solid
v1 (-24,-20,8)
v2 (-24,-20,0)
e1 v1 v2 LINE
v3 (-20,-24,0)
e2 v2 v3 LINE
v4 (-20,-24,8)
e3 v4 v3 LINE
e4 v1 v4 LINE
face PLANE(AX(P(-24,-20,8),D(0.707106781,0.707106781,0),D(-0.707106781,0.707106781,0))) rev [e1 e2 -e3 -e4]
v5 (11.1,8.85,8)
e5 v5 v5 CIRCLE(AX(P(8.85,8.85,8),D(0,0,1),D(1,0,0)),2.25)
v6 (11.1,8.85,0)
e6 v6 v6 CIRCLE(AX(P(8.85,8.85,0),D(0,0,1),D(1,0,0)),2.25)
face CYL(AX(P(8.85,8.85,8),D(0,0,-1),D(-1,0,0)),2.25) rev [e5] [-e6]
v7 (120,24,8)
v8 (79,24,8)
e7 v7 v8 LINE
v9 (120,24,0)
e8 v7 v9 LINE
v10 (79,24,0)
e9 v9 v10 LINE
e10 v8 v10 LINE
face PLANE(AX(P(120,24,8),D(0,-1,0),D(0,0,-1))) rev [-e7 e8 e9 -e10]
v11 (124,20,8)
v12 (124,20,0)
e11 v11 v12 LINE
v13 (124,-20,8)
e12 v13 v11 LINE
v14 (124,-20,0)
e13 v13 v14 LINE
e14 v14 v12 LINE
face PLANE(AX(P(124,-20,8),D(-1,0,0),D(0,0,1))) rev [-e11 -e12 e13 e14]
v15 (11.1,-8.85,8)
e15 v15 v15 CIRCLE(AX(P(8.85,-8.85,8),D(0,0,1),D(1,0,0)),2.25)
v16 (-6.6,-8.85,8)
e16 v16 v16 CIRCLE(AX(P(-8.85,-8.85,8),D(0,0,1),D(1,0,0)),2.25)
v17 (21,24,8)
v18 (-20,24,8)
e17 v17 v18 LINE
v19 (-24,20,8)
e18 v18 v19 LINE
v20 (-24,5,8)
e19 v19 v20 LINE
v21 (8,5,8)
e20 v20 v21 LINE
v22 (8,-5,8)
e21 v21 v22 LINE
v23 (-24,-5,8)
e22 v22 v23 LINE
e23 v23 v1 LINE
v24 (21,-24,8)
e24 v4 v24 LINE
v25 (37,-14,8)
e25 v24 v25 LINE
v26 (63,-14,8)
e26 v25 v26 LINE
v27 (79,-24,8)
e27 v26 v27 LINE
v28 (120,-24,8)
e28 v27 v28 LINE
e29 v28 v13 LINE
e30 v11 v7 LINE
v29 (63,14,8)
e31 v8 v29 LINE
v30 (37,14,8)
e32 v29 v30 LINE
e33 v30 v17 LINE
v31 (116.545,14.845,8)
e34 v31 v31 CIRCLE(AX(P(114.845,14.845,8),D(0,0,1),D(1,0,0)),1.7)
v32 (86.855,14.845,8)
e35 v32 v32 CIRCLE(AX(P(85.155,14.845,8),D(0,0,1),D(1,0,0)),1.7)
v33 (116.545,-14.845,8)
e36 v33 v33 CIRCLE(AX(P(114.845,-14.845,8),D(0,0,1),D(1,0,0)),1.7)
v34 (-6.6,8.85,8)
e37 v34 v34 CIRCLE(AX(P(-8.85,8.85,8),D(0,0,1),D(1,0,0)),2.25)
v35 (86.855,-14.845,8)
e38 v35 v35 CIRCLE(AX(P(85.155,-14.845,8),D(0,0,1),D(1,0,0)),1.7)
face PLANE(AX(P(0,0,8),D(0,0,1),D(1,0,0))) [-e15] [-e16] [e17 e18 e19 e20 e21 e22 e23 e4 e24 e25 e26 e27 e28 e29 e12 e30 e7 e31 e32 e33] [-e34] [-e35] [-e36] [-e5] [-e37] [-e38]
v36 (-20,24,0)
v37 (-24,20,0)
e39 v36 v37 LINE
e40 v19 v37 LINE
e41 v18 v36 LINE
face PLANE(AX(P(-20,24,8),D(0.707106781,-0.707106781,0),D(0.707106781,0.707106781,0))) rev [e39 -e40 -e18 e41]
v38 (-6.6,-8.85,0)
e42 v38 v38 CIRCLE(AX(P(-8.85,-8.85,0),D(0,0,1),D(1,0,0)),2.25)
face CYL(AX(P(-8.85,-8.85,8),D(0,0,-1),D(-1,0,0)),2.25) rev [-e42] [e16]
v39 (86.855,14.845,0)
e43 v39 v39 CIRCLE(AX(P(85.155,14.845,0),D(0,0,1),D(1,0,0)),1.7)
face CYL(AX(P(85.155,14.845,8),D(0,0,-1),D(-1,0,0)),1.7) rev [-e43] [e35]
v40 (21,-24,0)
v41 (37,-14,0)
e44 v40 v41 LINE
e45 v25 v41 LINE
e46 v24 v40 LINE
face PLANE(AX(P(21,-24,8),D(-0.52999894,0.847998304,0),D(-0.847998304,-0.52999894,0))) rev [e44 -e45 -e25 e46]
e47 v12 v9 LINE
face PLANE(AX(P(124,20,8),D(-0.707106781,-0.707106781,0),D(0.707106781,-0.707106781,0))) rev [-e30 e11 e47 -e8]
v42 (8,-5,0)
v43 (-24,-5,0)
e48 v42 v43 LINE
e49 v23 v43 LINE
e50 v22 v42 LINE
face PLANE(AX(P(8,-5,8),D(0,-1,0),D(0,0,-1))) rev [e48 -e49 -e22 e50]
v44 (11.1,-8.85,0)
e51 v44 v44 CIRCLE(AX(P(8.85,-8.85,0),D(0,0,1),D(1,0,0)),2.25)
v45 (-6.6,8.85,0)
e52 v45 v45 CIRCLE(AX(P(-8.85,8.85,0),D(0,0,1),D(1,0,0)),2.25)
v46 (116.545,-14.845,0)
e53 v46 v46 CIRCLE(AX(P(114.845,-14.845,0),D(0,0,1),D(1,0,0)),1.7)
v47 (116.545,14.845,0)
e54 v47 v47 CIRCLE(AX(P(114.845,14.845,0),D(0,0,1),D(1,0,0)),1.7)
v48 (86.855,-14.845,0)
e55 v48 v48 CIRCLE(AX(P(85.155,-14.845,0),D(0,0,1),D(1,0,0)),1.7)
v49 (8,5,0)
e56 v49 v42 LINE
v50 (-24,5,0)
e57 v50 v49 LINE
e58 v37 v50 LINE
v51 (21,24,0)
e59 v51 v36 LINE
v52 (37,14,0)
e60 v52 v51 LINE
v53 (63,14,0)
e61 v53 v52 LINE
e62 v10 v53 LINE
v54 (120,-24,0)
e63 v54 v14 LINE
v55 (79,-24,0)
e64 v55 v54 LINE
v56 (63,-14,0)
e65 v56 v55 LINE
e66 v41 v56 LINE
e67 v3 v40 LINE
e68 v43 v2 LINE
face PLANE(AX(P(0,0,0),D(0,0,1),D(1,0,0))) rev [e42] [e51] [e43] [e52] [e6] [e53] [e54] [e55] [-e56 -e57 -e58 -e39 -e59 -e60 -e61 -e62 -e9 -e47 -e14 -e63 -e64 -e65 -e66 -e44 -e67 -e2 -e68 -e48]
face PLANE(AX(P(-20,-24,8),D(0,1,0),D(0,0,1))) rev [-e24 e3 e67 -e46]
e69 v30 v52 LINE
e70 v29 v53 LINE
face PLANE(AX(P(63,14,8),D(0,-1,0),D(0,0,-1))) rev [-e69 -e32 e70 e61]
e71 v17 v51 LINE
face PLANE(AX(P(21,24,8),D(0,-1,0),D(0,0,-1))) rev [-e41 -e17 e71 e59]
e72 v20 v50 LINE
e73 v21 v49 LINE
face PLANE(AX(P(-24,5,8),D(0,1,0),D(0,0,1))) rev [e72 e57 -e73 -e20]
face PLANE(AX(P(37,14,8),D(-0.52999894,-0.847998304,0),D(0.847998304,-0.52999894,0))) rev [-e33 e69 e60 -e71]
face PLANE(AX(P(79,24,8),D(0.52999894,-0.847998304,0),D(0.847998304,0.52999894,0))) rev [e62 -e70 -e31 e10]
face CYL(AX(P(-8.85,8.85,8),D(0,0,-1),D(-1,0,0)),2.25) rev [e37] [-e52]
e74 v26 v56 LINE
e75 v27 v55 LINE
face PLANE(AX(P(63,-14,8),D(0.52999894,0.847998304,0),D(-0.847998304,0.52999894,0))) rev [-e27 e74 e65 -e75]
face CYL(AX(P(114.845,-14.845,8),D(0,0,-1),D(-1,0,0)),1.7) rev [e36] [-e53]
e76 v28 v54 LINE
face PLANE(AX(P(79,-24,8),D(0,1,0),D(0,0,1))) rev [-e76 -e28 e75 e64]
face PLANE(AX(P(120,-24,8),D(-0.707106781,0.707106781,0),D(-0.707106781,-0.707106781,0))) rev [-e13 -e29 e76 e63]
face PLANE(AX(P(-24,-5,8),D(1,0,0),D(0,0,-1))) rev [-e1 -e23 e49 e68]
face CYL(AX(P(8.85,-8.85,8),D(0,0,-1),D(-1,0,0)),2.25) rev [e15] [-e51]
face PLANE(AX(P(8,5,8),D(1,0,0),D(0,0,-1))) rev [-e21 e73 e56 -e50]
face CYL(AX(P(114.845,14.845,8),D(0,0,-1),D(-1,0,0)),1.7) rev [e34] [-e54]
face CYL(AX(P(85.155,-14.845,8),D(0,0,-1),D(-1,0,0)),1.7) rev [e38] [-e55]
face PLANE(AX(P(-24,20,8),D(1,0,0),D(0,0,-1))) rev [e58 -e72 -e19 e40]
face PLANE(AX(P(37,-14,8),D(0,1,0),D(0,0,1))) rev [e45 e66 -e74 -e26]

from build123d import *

# Parameters (mm, degrees)
SKETCH_1_R        = 2.25
SKETCH_1_R_2      = 1.7
EXTRUDE_259_DEPTH = 8


with BuildPart() as part:
    # 草图1 → Extrude 259 (new body)
    with BuildSketch(Plane.XY):
        Polygon((-24, -20), (-20, -24), (21, -24), (37, -14), (63, -14), (79, -24), (120, -24), (124, -20), (124, 20), (120, 24), (79, 24), (63, 14), (37, 14), (21, 24), (-20, 24), (-24, 20), (-24, 5), (8, 5), (8, -5), (-24, -5), align=None)
        with Locations((-8.85, -8.85)):
            Circle(SKETCH_1_R, mode=Mode.SUBTRACT)
        with Locations((-8.85, 8.85)):
            Circle(SKETCH_1_R, mode=Mode.SUBTRACT)
        with Locations((8.85, -8.85)):
            Circle(SKETCH_1_R, mode=Mode.SUBTRACT)
        with Locations((8.85, 8.85)):
            Circle(SKETCH_1_R, mode=Mode.SUBTRACT)
        with Locations((85.155, -14.845)):
            Circle(SKETCH_1_R_2, mode=Mode.SUBTRACT)
        with Locations((85.155, 14.845)):
            Circle(SKETCH_1_R_2, mode=Mode.SUBTRACT)
        with Locations((114.845, -14.845)):
            Circle(SKETCH_1_R_2, mode=Mode.SUBTRACT)
        with Locations((114.845, 14.845)):
            Circle(SKETCH_1_R_2, mode=Mode.SUBTRACT)
    extrude(amount=EXTRUDE_259_DEPTH)


solid = part.part
